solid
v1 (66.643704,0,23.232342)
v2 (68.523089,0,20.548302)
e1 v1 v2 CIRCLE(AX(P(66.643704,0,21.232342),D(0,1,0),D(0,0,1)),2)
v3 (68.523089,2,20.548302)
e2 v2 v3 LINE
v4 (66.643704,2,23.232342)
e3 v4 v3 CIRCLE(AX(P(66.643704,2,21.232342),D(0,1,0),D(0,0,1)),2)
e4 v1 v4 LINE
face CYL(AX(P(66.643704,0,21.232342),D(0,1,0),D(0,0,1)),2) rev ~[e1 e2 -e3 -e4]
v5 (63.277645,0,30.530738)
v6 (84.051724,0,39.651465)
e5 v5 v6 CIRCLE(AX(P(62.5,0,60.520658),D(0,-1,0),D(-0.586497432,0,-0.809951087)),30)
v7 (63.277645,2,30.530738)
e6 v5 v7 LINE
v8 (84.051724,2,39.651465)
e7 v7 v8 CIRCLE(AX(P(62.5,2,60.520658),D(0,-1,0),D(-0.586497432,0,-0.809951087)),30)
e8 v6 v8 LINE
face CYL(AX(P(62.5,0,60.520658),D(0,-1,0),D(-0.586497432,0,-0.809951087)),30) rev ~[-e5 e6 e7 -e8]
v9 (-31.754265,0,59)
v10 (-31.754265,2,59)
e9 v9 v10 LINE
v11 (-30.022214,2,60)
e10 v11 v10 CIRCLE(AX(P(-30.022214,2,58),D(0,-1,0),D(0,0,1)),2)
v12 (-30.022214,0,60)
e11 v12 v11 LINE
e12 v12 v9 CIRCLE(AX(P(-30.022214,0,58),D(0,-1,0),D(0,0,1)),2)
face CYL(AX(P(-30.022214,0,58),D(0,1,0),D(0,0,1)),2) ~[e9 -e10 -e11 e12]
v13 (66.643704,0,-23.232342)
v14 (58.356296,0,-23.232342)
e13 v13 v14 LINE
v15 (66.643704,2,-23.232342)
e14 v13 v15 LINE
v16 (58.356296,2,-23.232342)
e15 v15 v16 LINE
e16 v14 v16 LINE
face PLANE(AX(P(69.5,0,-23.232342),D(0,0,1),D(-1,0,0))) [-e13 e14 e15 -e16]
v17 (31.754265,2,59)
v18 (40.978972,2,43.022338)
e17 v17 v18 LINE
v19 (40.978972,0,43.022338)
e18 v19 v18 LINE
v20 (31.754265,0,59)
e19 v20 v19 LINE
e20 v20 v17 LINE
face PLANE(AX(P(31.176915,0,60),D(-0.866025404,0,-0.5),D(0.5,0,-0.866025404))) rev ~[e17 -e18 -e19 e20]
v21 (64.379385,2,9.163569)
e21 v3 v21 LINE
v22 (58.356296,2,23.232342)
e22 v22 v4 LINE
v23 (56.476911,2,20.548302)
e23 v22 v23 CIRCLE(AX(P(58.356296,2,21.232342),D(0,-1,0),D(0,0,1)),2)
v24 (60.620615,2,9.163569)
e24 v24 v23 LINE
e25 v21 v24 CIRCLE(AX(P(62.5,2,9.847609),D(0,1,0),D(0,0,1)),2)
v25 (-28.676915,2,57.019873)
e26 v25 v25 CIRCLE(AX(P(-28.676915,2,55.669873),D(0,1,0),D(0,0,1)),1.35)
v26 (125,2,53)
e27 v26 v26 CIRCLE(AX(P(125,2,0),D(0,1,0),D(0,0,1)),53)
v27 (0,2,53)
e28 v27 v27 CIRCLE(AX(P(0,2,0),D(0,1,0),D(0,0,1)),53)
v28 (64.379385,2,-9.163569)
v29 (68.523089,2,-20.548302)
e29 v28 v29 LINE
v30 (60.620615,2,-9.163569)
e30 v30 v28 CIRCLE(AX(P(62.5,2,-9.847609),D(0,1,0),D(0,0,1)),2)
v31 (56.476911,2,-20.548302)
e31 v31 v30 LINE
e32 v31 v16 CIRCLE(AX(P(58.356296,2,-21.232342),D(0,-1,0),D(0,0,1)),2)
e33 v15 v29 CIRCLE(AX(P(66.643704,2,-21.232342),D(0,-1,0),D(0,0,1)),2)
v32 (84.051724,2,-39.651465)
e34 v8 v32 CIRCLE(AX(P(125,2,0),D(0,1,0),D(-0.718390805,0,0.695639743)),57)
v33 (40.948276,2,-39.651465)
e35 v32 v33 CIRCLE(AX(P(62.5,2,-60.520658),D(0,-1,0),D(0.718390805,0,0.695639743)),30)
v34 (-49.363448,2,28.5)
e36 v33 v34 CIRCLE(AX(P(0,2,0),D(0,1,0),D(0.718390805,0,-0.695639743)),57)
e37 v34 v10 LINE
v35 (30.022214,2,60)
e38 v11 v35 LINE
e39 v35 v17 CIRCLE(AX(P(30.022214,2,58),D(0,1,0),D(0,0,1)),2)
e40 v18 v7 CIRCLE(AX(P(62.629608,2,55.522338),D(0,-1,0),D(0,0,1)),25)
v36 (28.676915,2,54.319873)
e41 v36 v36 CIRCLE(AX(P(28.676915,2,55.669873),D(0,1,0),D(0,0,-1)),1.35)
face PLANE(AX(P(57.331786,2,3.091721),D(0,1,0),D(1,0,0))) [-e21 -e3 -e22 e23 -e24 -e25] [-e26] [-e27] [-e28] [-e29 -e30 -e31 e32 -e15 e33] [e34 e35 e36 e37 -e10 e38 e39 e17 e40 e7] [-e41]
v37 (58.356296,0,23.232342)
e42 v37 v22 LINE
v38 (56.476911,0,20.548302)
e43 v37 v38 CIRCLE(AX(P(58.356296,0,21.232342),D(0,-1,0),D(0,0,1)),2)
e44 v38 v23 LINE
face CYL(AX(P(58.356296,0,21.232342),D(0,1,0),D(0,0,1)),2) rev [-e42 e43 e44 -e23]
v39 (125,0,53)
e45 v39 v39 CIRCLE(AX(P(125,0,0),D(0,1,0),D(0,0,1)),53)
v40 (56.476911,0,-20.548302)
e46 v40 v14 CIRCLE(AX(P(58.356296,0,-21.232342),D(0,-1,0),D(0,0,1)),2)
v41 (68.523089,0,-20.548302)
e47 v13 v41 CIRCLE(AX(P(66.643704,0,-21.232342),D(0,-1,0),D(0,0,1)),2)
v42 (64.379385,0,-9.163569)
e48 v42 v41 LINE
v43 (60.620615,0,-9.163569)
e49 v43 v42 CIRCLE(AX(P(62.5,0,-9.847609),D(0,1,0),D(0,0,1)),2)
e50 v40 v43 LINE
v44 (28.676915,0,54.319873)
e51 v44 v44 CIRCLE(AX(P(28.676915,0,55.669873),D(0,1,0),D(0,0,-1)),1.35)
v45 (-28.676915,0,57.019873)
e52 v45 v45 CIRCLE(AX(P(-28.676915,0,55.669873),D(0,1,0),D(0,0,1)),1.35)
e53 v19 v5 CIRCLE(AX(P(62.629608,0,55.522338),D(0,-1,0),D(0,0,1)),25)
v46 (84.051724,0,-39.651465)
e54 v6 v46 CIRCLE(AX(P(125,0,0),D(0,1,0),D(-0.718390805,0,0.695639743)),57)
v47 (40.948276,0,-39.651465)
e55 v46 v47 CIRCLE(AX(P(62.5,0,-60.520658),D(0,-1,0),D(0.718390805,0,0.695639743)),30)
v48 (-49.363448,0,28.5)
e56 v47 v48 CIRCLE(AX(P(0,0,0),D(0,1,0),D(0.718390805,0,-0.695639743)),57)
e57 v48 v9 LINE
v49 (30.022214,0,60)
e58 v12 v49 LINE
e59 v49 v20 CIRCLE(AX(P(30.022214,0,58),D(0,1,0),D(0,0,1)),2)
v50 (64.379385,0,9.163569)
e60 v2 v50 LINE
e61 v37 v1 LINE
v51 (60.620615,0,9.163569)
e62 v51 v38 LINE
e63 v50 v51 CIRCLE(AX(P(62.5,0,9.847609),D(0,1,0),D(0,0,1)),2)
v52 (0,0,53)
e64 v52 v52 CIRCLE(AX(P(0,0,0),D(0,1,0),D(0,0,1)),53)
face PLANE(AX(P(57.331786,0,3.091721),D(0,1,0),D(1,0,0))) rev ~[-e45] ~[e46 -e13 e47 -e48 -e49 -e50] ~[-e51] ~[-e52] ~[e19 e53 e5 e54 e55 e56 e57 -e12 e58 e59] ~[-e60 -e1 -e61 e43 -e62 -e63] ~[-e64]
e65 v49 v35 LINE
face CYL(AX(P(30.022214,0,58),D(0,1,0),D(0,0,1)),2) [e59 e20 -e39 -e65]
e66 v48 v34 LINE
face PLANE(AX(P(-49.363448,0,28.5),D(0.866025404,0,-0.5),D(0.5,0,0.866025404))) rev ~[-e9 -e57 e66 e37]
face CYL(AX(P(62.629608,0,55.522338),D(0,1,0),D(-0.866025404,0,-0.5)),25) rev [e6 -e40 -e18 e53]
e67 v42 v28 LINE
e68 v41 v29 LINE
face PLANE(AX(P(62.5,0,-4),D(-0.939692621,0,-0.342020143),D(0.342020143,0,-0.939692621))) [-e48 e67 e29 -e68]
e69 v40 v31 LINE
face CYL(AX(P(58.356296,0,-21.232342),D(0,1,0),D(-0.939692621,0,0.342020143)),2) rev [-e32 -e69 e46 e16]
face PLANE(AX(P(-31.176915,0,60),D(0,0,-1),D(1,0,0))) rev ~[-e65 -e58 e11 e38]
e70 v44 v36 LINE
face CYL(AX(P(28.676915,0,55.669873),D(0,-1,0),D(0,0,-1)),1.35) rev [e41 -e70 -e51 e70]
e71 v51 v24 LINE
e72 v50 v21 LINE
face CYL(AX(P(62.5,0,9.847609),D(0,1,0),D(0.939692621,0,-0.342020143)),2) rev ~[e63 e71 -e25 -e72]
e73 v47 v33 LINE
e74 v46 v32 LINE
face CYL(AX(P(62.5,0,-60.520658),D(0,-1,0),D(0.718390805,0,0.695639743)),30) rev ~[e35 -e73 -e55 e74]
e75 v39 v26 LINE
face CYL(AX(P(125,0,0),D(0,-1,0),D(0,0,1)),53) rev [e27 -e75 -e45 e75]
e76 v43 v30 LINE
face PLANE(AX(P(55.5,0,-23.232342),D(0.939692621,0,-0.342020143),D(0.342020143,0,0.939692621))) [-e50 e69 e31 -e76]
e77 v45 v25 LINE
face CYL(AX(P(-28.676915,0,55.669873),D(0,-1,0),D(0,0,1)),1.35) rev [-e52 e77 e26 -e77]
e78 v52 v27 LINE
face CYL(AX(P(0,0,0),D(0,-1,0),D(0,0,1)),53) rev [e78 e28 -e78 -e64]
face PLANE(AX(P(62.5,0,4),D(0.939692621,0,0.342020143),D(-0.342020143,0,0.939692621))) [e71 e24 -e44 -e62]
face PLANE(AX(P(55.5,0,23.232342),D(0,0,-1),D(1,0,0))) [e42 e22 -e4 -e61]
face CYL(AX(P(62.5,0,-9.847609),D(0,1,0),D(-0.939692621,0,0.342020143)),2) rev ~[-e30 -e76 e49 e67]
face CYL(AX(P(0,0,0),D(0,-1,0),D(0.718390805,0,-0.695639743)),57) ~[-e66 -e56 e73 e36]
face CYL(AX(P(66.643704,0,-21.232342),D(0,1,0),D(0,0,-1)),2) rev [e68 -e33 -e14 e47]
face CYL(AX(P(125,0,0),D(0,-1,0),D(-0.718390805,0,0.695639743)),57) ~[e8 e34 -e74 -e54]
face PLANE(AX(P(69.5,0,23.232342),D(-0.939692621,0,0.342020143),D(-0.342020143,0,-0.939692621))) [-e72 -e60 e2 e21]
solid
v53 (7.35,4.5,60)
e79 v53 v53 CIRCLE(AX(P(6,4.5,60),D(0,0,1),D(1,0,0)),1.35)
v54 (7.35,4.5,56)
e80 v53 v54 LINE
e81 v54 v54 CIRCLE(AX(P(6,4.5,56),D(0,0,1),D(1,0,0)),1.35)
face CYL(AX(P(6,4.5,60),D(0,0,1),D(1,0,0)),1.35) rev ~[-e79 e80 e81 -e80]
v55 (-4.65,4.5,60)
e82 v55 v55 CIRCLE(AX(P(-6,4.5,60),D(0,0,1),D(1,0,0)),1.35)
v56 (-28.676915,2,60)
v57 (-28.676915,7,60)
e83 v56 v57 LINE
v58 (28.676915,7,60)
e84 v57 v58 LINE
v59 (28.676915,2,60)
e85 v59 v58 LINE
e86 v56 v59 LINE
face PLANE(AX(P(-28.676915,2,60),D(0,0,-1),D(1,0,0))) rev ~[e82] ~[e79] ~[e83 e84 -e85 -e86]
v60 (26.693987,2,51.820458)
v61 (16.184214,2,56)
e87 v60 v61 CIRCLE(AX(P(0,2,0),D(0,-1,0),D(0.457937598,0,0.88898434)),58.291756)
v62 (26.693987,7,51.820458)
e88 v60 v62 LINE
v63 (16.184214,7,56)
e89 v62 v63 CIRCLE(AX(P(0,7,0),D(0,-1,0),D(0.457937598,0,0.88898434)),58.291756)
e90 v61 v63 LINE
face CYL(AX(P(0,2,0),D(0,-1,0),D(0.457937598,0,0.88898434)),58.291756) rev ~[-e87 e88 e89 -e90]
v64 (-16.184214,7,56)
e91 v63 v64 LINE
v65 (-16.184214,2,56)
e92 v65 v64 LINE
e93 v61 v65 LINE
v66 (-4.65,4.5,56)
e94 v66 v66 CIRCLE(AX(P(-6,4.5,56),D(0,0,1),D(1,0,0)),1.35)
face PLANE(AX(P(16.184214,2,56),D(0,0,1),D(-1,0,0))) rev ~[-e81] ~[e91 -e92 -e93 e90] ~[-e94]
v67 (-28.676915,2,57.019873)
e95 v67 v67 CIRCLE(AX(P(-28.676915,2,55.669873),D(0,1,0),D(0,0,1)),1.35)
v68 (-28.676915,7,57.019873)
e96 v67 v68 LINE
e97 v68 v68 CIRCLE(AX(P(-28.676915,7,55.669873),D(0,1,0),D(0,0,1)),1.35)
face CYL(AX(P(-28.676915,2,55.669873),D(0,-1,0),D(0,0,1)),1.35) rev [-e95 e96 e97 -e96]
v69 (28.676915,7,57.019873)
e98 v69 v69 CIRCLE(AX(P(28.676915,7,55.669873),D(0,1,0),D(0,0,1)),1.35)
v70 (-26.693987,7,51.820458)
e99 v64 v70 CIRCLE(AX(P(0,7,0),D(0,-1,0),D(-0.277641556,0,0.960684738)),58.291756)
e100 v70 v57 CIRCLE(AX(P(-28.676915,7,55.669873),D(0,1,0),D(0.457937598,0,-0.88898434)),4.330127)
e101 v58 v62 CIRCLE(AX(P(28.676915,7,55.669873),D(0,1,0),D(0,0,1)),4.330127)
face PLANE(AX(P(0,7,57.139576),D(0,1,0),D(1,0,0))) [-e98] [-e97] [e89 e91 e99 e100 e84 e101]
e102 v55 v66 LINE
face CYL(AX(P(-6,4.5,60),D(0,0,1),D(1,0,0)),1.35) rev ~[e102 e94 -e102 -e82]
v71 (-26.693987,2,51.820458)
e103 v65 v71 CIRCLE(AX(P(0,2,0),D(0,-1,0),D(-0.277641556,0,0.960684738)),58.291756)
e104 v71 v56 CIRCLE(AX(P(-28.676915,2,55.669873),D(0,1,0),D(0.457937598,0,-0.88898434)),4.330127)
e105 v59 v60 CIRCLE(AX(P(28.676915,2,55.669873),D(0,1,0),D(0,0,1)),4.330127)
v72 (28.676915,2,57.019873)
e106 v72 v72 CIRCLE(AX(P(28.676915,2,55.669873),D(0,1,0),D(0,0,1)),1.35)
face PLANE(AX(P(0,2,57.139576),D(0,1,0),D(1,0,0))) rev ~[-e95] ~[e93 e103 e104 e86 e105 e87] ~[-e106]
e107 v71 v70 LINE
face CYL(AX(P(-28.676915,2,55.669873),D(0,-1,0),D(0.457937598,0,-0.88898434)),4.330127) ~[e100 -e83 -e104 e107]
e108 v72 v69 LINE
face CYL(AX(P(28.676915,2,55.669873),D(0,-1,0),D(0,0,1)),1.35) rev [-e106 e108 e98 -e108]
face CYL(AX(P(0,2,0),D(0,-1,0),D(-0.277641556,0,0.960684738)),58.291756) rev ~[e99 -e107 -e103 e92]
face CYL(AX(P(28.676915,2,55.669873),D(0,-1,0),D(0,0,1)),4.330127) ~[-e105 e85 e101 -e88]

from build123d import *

# Parameters (mm, degrees)
SKETCH_1_R          = 53
SKETCH_1_R_2        = 1.35
EXTRUDE_1_DEPTH     = 2
FILLET_1_R          = 2
FILLET_2_R          = 25
SKETCH_12_R         = 1.35
EXTRUDE_6_DEPTH     = 5
SKETCH_13_R         = 1.35
CUT_EXTRUDE_1_DEPTH = 217.47632665


with BuildPart() as part:
    # 草图1 → 凸台-拉伸1 (new body)
    with BuildSketch(Plane(origin=(0, 0, 0), x_dir=(1, 0, 0), z_dir=(0, 1, 0))):
        with BuildLine():
            Line((-31.176914536, -60), (31.176914536, -60))
            Line((31.176914536, -60), (44.905077049, -36.222125034))
            ThreePointArc((44.905077049, -36.222125034), (65.118045578, -30.635112004), (84.051724138, -39.651465344))
            ThreePointArc((84.051724138, -39.651465344), (182, 0), (84.051724138, 39.651465344))
            ThreePointArc((84.051724138, 39.651465344), (62.5, 30.52065763), (40.948275862, 39.651465344))
            ThreePointArc((40.948275862, 39.651465344), (-34.334521079, 45.498798471), (-49.363448016, -28.5))
            Line((-49.363448016, -28.5), (-31.176914536, -60))
        make_face()
        with Locations(Location((0, 0, 0), (0, 0, 270))):
            Circle(SKETCH_1_R, mode=Mode.SUBTRACT)
        with Locations(Location((125, 0, 0), (0, 0, 270))):
            Circle(SKETCH_1_R, mode=Mode.SUBTRACT)
        with Locations(Location((-28.676914536, -55.669872981, 0), (0, 0, 270))):
            Circle(SKETCH_1_R_2, mode=Mode.SUBTRACT)
        with Locations(Location((28.676914536, -55.669872981, 0), (0, 0, 90))):
            Circle(SKETCH_1_R_2, mode=Mode.SUBTRACT)
        Polygon((55.5, 23.232341936), (62.5, 4), (69.5, 23.232341936), align=None, mode=Mode.SUBTRACT)
        Polygon((55.5, -23.232341936), (69.5, -23.232341936), (62.5, -4), align=None, mode=Mode.SUBTRACT)
    extrude(amount=EXTRUDE_1_DEPTH)

    # 圆角1
    fillet_1_edges = [part.edges().sort_by_distance(p)[0] for p in [
        (31.176914536, 1, 60),
        (-31.176914536, 1, 60),
        (69.5, 1, -23.232341936),
        (55.5, 1, -23.232341936),
        (62.5, 1, -4),
        (62.5, 1, 4),
        (55.5, 1, 23.232341936),
        (69.5, 1, 23.232341936),
    ]]
    fillet(fillet_1_edges, radius=FILLET_1_R)

    # 圆角2
    fillet_2_edges = [part.edges().sort_by_distance(p)[0] for p in [
        (44.905077049, 1, 36.222125034),
    ]]
    fillet(fillet_2_edges, radius=FILLET_2_R)


with BuildPart() as body_2:
    # 草图12 → 凸台-拉伸6 (new body)
    with BuildSketch(Plane(origin=(0, 2, 0), x_dir=(1, 0, 0), z_dir=(0, 1, 0))):
        with BuildLine():
            Line((-28.676914536, -60), (28.676914536, -60))
            ThreePointArc((28.676914536, -60), (32.885147917, -54.649690735), (26.693986569, -51.820457873))
            ThreePointArc((26.693986569, -51.820457873), (21.540709312, -54.165732852), (16.1842137, -56))
            Line((16.1842137, -56), (-16.1842137, -56))
            ThreePointArc((-16.1842137, -56), (-21.540709312, -54.165732852), (-26.693986569, -51.820457873))
            ThreePointArc((-26.693986569, -51.820457873), (-32.885147917, -54.649690735), (-28.676914536, -60))
        make_face()
        with Locations(Location((-28.676914536, -55.669872981, 0), (0, 0, 270))):
            Circle(SKETCH_12_R, mode=Mode.SUBTRACT)
        with Locations(Location((28.676914536, -55.669872981, 0), (0, 0, 270))):
            Circle(SKETCH_12_R, mode=Mode.SUBTRACT)
    extrude(amount=EXTRUDE_6_DEPTH)

    # 草图13 → 切除-拉伸1 (cut, through all)
    with BuildSketch(Plane.XY.offset(60)):
        with Locations((-6, 4.5)):
            Circle(SKETCH_13_R)
        with Locations((6, 4.5)):
            Circle(SKETCH_13_R)
    extrude(amount=-CUT_EXTRUDE_1_DEPTH, mode=Mode.SUBTRACT)


solid = Compound([part.part, body_2.part])
